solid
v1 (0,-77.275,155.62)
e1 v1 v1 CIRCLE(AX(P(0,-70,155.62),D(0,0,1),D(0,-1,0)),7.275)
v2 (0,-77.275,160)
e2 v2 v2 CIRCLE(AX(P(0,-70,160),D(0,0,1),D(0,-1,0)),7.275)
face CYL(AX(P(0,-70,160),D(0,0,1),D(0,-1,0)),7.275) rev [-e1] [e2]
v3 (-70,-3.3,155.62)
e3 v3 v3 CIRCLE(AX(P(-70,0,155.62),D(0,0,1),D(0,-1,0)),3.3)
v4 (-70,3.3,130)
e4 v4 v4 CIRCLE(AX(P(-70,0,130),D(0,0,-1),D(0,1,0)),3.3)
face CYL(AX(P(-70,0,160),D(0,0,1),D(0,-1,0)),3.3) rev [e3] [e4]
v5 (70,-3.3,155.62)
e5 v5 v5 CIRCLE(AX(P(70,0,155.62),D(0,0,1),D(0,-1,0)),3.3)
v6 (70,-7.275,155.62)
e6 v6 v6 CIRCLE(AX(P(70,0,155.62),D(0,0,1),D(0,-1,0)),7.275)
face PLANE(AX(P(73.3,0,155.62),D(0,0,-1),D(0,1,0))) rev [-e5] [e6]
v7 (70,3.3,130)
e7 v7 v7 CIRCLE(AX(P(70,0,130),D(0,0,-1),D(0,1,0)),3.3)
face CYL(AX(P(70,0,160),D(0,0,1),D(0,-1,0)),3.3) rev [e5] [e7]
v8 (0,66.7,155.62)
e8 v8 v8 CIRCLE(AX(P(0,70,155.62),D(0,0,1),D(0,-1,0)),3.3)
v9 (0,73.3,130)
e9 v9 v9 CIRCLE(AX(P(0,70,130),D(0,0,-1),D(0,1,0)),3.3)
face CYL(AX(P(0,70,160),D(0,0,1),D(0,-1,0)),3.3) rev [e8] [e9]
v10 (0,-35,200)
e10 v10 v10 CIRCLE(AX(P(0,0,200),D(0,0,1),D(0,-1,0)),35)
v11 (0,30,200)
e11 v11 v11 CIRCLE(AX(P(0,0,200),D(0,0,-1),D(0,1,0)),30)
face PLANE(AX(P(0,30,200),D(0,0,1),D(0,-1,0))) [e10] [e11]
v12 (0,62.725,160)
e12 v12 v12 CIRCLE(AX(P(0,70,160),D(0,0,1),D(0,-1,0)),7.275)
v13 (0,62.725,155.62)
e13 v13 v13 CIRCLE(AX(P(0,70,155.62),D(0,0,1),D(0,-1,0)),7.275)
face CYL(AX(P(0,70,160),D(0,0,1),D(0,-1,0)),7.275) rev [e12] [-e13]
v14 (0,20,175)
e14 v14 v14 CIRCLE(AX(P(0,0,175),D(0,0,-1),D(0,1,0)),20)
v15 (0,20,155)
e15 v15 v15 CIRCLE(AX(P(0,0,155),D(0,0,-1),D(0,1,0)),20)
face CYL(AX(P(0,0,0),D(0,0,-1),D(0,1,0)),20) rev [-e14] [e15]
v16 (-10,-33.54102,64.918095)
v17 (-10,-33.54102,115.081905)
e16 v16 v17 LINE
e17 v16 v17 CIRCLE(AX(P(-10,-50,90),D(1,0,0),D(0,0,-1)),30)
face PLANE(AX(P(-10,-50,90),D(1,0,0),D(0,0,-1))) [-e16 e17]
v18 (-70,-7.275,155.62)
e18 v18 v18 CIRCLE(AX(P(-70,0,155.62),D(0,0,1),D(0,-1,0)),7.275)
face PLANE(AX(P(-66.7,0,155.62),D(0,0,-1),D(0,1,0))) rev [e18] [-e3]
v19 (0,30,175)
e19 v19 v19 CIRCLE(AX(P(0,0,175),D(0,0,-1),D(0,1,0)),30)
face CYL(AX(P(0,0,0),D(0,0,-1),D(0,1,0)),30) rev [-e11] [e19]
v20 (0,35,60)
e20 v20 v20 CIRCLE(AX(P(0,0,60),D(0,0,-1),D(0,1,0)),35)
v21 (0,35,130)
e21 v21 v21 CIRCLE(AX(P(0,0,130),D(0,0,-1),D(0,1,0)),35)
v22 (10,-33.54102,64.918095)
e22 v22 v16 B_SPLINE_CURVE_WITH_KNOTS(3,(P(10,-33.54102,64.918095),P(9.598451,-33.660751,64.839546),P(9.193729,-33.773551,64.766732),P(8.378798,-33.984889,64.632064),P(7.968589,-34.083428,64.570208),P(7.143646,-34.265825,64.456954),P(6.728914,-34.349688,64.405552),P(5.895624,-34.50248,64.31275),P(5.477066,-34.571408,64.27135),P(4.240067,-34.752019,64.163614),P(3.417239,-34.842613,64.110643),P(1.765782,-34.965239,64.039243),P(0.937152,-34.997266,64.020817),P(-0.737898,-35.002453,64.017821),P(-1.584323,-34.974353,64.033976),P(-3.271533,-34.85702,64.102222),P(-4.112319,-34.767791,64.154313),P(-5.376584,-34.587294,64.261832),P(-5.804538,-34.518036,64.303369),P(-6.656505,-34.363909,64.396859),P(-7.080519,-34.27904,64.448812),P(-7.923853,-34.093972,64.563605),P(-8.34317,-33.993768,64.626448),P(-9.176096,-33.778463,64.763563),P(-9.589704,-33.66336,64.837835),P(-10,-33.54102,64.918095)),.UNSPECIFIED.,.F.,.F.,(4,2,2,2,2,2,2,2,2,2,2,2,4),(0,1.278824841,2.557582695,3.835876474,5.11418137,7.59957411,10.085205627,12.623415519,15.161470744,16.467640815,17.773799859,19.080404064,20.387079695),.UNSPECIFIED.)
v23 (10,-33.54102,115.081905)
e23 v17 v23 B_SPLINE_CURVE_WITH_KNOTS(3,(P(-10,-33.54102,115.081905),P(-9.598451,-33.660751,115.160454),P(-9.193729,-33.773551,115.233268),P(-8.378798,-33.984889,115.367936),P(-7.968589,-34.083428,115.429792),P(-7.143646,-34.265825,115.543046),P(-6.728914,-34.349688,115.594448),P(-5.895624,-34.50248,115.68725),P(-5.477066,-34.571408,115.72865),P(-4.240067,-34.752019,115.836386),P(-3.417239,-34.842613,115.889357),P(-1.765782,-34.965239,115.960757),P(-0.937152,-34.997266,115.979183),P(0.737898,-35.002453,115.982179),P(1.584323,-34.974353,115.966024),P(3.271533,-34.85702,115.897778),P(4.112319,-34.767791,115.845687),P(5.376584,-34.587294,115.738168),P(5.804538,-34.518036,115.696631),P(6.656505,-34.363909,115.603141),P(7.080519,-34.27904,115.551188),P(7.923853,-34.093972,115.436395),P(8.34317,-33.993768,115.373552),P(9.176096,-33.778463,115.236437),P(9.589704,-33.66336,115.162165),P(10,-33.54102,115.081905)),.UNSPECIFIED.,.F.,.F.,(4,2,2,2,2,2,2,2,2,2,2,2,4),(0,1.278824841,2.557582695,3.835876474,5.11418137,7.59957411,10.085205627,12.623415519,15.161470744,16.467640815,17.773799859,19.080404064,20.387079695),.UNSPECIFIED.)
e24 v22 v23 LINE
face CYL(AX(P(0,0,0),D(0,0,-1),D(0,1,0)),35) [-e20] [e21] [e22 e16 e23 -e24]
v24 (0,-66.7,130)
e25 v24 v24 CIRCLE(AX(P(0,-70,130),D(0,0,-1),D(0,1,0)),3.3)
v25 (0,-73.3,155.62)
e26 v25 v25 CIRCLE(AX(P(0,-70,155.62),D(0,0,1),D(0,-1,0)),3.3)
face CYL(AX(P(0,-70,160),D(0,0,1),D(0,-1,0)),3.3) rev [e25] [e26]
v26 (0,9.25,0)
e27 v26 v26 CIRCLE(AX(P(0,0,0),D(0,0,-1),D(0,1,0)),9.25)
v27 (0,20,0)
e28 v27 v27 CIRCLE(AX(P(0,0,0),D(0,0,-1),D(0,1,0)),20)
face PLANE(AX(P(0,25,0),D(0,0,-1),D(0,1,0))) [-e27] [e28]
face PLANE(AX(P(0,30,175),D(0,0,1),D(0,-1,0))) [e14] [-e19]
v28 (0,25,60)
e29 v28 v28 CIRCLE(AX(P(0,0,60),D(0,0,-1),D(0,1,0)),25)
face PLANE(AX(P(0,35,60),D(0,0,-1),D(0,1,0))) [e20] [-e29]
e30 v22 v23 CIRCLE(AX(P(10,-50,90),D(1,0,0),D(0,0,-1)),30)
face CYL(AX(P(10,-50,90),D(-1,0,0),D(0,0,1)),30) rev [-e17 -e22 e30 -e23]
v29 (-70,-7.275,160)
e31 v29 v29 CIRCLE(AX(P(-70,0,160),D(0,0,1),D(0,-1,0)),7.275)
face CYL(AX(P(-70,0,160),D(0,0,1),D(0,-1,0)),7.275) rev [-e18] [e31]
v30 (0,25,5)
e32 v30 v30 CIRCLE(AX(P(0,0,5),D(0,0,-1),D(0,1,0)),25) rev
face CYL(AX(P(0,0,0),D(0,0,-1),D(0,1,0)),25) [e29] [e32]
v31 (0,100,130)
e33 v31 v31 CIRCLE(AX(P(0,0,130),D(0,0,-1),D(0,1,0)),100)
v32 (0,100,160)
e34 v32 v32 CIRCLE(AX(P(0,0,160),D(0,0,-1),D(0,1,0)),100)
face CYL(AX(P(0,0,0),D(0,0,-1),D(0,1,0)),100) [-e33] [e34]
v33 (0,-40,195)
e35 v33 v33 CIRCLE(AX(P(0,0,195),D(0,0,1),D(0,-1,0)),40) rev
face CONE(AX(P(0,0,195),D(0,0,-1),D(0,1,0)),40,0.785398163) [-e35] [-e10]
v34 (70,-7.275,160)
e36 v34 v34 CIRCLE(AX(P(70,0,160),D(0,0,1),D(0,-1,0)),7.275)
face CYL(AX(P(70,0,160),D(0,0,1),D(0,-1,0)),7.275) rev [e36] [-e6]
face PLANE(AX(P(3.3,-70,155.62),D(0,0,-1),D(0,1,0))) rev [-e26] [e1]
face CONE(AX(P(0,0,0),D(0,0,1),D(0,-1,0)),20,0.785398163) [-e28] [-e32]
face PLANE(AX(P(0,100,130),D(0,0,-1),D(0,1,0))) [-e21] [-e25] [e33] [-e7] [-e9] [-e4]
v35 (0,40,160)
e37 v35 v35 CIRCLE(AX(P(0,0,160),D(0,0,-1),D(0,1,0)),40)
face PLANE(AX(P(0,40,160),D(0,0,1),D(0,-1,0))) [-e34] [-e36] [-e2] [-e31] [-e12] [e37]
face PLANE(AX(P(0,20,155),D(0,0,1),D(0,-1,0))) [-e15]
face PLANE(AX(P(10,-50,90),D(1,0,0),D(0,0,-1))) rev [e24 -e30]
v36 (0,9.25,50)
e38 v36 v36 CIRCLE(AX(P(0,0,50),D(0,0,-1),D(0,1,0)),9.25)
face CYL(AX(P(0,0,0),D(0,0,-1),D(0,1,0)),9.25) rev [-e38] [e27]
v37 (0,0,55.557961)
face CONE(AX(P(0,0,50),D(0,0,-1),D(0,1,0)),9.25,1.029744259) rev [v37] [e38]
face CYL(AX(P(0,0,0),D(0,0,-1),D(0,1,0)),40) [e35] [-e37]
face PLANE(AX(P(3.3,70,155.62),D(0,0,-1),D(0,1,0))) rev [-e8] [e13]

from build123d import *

# Parameters (mm, degrees)
CUT_EXTRUDE1_DEPTH                      = 10
CUT_EXTRUDE1_DEPTH_BACK                 = 10
SKETCH2_R                               = 30
CBORE_FOR_M6_HEX_HEAD_BOLT2_D           = 6.6
CBORE_FOR_M6_HEX_HEAD_BOLT2_CBORE_D     = 14.55
CBORE_FOR_M6_HEX_HEAD_BOLT2_CBORE_DEPTH = 4.38
CHAMFER1_SIZE                           = 5
M20X1_5_TAPPED_HOLE1_D                  = 18.5
M20X1_5_TAPPED_HOLE1_DEPTH              = 50
M20X1_5_TAPPED_HOLE1_TIP                = 5.557960726


with BuildPart() as part:
    # Sketch1 → Revolve1 (revolve)
    with BuildSketch(Plane(origin=(0, 0, 0), x_dir=(0, 0, -1), z_dir=(1, 0, 0))):
        Polygon((-200, 30), (-200, 40), (-160, 40), (-160, 100), (-130, 100), (-130, 35), (-60, 35), (-60, 25), (0, 25), (0, 0), (-155, 0), (-155, 20), (-175, 20), (-175, 30), align=None)
    revolve(axis=Axis((0, 0, 0), (0, 0, 1)))

    # Sketch2 → Cut-Extrude1 (cut, two sides: drawn at the far end of the back side and taken through both)
    with BuildSketch(Plane(origin=(0, 0, 0), x_dir=(0, 0, -1), z_dir=(1, 0, 0)).offset(-CUT_EXTRUDE1_DEPTH_BACK)):
        with Locations((-90, -50)):
            Circle(SKETCH2_R)
    extrude(amount=CUT_EXTRUDE1_DEPTH + CUT_EXTRUDE1_DEPTH_BACK, mode=Mode.SUBTRACT)

    # CBORE for M6 Hex Head Bolt2 (through all)
    with Locations(Plane(origin=(0, 70, 160), x_dir=(0, 1, 0), z_dir=(0, 0, 1))):
        with Locations((0, 0), (-70, -70), (-140, 0), (-70, 70)):
            CounterBoreHole(CBORE_FOR_M6_HEX_HEAD_BOLT2_D / 2, CBORE_FOR_M6_HEX_HEAD_BOLT2_CBORE_D / 2, CBORE_FOR_M6_HEX_HEAD_BOLT2_CBORE_DEPTH)

    # Chamfer1
    chamfer1_edges = [part.edges().sort_by_distance(p)[0] for p in [
        (0, -25, 0),
        (0, -40, 200),
    ]]
    chamfer(chamfer1_edges, length=CHAMFER1_SIZE)

    # M20x1.5 Tapped Hole1
    with Locations(Plane(origin=(0, 0, 0), x_dir=(0, -1, 0), z_dir=(0, 0, -1))):
        with Locations((0, 0)):
            Hole(M20X1_5_TAPPED_HOLE1_D / 2, depth=M20X1_5_TAPPED_HOLE1_DEPTH)
            with Locations((0, 0, -(M20X1_5_TAPPED_HOLE1_DEPTH + M20X1_5_TAPPED_HOLE1_TIP / 2))):  # 118° drill point
                Cone(0, M20X1_5_TAPPED_HOLE1_D / 2, M20X1_5_TAPPED_HOLE1_TIP, mode=Mode.SUBTRACT)


solid = part.part
